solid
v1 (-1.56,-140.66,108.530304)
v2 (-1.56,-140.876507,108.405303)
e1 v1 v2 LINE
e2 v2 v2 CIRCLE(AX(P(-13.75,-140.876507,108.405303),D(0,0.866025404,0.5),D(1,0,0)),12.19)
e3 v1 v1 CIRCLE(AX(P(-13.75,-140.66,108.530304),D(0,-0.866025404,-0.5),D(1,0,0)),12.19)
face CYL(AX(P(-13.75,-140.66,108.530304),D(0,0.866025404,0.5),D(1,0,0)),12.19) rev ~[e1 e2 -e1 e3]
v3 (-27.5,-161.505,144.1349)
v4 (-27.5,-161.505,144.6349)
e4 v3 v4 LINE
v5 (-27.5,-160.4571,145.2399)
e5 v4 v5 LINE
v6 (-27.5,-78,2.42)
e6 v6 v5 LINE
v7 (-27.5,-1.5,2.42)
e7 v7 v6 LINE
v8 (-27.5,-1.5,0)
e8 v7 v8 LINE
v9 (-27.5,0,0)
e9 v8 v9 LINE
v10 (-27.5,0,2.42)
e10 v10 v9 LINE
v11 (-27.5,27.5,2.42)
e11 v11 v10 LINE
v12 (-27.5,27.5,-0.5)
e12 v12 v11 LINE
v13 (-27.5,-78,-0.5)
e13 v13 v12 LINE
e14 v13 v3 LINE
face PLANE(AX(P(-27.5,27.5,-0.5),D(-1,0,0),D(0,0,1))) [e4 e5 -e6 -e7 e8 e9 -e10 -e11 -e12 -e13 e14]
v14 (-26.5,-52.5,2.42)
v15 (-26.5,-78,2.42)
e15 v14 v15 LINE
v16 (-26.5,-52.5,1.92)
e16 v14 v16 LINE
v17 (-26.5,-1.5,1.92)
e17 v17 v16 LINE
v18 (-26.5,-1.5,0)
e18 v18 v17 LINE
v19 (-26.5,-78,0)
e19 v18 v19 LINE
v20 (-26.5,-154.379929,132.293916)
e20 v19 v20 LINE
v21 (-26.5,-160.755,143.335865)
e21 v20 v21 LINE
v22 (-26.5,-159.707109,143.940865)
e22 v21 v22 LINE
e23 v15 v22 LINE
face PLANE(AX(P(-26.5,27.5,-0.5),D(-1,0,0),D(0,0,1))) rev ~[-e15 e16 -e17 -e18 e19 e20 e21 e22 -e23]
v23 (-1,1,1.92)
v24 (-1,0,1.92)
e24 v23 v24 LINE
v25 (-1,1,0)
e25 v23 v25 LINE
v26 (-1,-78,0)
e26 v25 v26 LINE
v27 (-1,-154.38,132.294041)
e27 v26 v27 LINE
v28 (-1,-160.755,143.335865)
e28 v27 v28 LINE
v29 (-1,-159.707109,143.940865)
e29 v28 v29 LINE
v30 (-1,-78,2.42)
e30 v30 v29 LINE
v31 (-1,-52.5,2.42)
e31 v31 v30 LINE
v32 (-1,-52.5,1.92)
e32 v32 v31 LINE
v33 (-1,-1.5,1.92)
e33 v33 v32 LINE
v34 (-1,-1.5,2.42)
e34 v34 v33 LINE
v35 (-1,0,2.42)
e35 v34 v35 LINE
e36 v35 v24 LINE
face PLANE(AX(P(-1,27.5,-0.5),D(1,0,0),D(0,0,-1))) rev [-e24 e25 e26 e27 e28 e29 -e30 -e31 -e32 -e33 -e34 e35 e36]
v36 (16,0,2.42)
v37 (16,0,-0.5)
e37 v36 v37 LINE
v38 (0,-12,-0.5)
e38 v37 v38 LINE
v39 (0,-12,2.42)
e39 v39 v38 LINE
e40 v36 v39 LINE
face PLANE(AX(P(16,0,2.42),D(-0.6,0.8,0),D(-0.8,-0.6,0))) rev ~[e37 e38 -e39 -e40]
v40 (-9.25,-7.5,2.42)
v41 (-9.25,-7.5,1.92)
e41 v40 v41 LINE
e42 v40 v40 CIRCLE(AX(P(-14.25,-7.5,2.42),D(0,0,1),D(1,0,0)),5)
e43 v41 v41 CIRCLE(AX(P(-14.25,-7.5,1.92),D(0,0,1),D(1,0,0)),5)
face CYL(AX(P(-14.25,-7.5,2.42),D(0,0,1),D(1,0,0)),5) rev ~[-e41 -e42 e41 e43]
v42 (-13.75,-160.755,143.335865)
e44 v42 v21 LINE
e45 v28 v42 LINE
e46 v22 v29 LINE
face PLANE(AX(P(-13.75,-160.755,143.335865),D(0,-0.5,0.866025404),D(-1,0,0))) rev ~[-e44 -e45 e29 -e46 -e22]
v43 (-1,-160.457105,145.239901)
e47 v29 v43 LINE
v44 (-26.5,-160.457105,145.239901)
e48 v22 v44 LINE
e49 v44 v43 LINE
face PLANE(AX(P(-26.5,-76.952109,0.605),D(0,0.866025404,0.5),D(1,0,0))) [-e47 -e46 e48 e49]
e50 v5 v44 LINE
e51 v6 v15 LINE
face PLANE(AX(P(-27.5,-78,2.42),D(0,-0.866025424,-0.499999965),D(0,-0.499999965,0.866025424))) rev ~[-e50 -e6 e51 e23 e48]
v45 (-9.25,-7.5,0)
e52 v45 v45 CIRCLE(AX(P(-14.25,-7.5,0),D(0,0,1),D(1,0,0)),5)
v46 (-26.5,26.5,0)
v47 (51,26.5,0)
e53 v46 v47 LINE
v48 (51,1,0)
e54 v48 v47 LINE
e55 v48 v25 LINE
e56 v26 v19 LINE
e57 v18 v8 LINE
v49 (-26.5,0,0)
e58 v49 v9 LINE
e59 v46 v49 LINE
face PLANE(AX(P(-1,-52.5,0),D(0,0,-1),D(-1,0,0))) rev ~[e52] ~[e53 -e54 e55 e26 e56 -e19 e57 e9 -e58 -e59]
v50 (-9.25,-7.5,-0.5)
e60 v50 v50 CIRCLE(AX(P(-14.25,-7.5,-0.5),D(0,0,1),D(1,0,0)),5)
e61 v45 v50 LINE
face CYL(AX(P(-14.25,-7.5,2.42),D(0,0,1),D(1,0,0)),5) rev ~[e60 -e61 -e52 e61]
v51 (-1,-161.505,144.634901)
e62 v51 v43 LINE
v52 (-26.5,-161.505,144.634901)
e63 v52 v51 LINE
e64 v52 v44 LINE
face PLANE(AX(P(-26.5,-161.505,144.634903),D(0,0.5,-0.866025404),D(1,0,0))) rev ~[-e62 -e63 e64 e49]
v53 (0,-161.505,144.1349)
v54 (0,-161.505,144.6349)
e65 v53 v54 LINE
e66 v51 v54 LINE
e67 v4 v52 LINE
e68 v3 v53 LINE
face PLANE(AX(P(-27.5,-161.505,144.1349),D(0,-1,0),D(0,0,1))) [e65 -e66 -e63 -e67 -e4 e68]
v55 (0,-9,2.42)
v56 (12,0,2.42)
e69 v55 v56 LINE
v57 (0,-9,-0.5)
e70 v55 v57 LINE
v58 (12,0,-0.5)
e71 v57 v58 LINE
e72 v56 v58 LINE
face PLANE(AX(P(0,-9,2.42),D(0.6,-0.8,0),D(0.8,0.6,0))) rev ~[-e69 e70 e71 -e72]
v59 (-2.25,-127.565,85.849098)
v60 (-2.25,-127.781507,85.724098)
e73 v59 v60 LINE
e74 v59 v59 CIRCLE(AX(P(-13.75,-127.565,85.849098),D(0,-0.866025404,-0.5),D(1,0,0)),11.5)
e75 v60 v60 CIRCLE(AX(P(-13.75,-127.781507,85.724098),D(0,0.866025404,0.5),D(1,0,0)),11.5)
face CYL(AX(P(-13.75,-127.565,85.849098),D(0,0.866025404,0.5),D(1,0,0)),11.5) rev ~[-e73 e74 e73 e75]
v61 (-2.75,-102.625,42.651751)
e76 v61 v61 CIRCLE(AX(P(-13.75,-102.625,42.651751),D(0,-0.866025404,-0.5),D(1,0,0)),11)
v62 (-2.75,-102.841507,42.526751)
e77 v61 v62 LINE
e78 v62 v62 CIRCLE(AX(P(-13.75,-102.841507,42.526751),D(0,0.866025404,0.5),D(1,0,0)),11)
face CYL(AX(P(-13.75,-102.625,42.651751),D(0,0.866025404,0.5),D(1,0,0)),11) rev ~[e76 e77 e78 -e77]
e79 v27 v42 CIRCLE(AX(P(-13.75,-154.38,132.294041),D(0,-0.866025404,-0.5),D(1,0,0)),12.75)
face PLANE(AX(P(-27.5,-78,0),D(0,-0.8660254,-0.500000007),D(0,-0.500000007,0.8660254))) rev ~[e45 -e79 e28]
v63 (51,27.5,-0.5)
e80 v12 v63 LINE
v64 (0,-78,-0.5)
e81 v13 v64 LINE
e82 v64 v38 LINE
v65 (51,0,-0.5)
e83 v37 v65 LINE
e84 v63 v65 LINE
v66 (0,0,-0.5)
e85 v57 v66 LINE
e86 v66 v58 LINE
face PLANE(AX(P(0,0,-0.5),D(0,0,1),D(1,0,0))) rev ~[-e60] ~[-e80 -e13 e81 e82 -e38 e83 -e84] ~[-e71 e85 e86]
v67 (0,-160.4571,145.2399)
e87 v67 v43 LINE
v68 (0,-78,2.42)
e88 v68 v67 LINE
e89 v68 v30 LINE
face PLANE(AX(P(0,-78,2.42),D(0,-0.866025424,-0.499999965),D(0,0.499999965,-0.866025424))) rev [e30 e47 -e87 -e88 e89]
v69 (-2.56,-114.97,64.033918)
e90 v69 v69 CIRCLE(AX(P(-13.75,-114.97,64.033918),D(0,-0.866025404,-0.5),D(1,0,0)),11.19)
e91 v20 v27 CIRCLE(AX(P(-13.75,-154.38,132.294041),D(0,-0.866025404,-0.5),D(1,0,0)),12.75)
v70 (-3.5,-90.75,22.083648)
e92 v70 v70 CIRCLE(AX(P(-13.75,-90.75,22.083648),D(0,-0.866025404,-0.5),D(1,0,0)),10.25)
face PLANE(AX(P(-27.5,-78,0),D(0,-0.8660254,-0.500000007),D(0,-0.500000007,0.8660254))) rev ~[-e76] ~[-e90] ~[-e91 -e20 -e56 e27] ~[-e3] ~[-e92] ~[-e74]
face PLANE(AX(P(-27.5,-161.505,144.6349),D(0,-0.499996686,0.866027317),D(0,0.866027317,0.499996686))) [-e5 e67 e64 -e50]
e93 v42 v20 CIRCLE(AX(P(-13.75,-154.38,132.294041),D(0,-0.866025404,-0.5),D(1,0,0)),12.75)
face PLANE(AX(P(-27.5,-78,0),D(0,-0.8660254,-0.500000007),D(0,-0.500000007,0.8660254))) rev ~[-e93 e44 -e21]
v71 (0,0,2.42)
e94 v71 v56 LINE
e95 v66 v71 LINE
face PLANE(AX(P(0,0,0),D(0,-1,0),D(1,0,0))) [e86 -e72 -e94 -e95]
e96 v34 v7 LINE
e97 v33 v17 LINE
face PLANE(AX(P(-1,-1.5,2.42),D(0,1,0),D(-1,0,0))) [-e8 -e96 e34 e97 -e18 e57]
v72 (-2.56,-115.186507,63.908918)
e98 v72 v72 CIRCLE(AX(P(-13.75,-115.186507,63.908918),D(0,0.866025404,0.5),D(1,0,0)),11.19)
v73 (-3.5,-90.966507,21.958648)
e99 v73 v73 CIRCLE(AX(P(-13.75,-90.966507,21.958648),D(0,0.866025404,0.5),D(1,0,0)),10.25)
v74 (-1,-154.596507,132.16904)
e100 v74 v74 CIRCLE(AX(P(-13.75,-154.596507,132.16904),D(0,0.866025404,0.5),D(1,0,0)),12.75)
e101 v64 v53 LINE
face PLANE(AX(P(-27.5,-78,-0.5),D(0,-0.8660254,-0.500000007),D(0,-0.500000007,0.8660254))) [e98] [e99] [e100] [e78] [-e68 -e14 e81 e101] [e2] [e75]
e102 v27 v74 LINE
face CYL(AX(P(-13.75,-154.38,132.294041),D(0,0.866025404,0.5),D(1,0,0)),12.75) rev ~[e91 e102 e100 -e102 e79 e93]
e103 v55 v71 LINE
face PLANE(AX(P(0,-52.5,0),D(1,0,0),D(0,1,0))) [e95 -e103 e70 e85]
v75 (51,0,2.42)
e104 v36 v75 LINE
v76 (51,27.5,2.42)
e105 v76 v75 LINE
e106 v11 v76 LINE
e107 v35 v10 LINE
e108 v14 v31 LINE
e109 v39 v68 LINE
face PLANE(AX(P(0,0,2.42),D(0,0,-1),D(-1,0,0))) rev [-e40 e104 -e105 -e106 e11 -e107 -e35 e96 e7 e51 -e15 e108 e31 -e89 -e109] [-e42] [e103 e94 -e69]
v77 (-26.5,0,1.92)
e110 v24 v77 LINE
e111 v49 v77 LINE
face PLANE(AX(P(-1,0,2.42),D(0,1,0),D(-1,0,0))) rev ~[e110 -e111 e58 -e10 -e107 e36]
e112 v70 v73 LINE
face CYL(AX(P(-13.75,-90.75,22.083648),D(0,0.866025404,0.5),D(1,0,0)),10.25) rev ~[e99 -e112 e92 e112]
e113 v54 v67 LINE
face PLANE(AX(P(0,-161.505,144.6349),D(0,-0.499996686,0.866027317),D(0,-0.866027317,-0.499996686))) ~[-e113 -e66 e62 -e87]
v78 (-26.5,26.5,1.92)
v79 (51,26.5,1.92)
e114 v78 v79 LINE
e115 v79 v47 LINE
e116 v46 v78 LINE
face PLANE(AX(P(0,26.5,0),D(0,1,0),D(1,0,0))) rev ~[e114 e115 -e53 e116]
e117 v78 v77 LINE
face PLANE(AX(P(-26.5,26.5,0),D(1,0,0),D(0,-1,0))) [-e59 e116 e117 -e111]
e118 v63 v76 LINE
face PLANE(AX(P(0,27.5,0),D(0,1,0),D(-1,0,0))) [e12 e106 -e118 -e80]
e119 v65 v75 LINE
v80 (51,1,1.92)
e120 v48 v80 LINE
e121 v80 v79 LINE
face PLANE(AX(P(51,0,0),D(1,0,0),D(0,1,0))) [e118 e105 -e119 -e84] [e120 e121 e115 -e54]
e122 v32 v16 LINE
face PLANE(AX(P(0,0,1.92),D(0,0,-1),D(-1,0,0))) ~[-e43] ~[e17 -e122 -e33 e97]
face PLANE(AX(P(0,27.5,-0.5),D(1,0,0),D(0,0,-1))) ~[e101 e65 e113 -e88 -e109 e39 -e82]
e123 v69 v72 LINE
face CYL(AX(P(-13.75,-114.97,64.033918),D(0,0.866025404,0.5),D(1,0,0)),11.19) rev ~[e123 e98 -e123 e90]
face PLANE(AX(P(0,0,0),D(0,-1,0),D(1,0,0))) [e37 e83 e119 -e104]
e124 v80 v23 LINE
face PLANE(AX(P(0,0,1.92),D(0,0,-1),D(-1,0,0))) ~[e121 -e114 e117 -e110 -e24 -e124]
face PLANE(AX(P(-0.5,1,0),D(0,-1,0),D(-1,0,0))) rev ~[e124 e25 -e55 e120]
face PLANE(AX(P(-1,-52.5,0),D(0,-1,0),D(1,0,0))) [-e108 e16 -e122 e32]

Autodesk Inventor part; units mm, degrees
ref_plane "YZ Plane" through (0, 0, 0) normal (1, 0, 0) x (0, 1, 0)
sketch "Boceto1" plane through (0, 0, 0) normal (0, 0, 1) x (1, 0, 0)
  line L0 (0, 0) -> (51, 0)
  line L1 (51, 0) -> (51, 27.5)
  line L2 (51, 27.5) -> (0, 27.5)
  line L3 (-0.5, 1) -> (51, 1)
  line L4 (0, 26.5) -> (51, 26.5)
  line L5 (0, 27.5) -> (-27.5, 27.5)
  line L6 (-27.5, 27.5) -> (-27.5, -52.5)
  line L7 (-27.5, -52.5) -> (0, -52.5)
  line L8 (0, -52.5) -> (0, 0)
  line L9 (0, 26.5) -> (-26.5, 26.5)
  line L10 (-0.5, 1) -> (-1, 1)
  line L11 (-1, 1) -> (-1, -52.5)
  line L12 (-26.5, 26.5) -> (-26.5, -52.5)
  dimension "d0" = 51
  dimension "d1" = 27.5
  dimension "d2" = 1
  dimension "d3" = 1
  dimension "d4" = 27.5
  dimension "d5" = 0.5
  dimension "d6" = 1
  dimension "d7" = 1
  dimension "d8" = 80
extrude "Extrusión1" add sketch "Boceto1" against normal blind 0.5
extrude "Extrusión2" add sketch "Boceto1" along normal blind 0.96 contours L8 L7 L11 L10 L3 L1 L0 | L4 L9 L12 L7 L6 L5 L2 L1
ref_plane "Plano de trabajo1" through (-26.5, -52.5, 0.96) normal (0, 0, 1) x (0, 1, 0)
mirror "Simetría1" about plane through (-26.5, -52.5, 0.96) normal (0, 0, 1) of "Extrusión1", "Extrusión2"
sketch "Boceto2" plane through (-27.5, 27.5, 2.42) normal (0, 0, 1) x (1, 0, 0)
  line L0 (26.5, -80) -> (26.5, -26.5) projected
  line L1 (78.5, -27.5) -> (27.5, -27.5) projected
  line L2 (26.5, -27.5) -> (0, -27.5)
  line L3 (0, -80) -> (0, 0) projected
  line L4 (27.5, -27.5) -> (27.5, -80) projected
  line L5 (26.5, -29) -> (0, -29)
  line L6 (0, -29) -> (0, -27.5)
  line L7 (26.5, -29) -> (26.5, -27.5)
  line L8 (26.5, -80) -> (26.5, -26.5) projected
  line L9 (27.5, -27.5) -> (39.5, -27.5)
  line L10 (27.5, -27.5) -> (27.5, -36.5)
  line L11 (27.5, -36.5) -> (39.5, -27.5)
  line L12 (39.5, -27.5) -> (43.5, -27.5)
  line L13 (43.5, -27.5) -> (27.5, -39.5)
  line L14 (27.5, -39.5) -> (27.5, -36.5)
  circle A0 centre (13.25, -35) radius 5
  dimension "d13" = 1.5
  dimension "d16" = 12
  dimension "d17" = 9
  dimension "d18" = 4
  dimension "d19" = 20
  dimension "d59" = 10
  dimension "d61" = 6
extrude "Extrusión3" cut sketch "Boceto2" against normal blind 2.42 contours L5 L3 L2 L0
extrude "Extrusión4" add sketch "Boceto2" against normal blind 2.92 contours L13 L4 L11 L1
sketch "Boceto3" plane through (-27.5, -52.5, -0.5) normal (0, -1, 0) x (1, 0, 0)
  line L0 (0, 0) -> (78.5, 0) projected
  line L1 (78.5, 0.5) -> (1, 0.5) projected
  line L2 (39.5, 2.92) -> (27.5, 2.92) projected
  line L3 (0, 2.92) -> (0, 0)
  line L4 (27.5, 0) -> (27.5, 2.92) projected
  line L5 (0, 0) -> (27.5, 0)
  line L6 (27.5, 0) -> (27.5, 2.92)
  line L7 (0, 2.92) -> (26.5, 2.92) projected
  line L8 (27.5, 2.92) -> (26.5, 2.92)
  line L9 (26.5, 0.5) -> (26.5, 2.42) projected
  line L10 (26.5, 2.92) -> (26.5, 0.5)
  line L11 (26.5, 0.5) -> (1, 0.5)
  line L12 (1, 0.5) -> (1, 2.42) projected
  line L13 (1, 0.5) -> (1, 2.92)
  line L14 (1, 2.92) -> (0, 2.92)
extrude "Extrusión5" add sketch "Boceto3" along normal blind 25.5 contours L3 L7 L13 L12 L1 L4 L0 | L1 L9 L10 L8 L4
sketch "Boceto4" plane through (-27.5, 27.5, -0.5) normal (-1, 0, 0) x (0, 0, 1)
  line L0 (2.92, -105.5) -> (0, -105.5) projected
  line L1 (0.5, -29) -> (0.5, -105.5) projected
  line L2 (0, 0) -> (0, -105.5) projected
  line L3 (0.5, -105.5) -> (0, -105.5)
  line L4 (0, -39.5) -> (0, -105.5) projected
  line L5 (0, -105.5) -> (144.6349, -189.005)
  line L6 (2.92, -105.5) -> (0.5, -105.5) projected
  line L7 (0.5, -105.5) -> (145.1349, -189.005)
  line L8 (2.92, -39.5) -> (2.92, -105.5) projected
  line L9 (0.5, -105.5) -> (2.92, -105.5)
  line L10 (2.92, -105.5) -> (145.7399, -187.9571)
  line L11 (144.6349, -189.005) -> (145.1349, -189.005)
  line L12 (145.1349, -189.005) -> (145.7399, -187.9571)
  point P0 (0.5, -27.5)
  dimension "d26" = 30
extrude "Extrusión6" add sketch "Boceto4" against normal blind 27.5 contours L7 L11 L5 L0
ref_plane "Plano de trabajo2" through (-13.75, 27.5, -0.5) normal (-1, 0, 0) x (0, 0, 1)
extrude "Extrusión7" add sketch "Boceto4" against normal blind 1 contours L10 L12 L7 L0
mirror "Simetría2" about plane through (-13.75, 27.5, -0.5) normal (-1, 0, 0) of "Extrusión7"
sketch "Boceto5" plane through (-26.5, -78, 0) normal (0, 0.866, 0.5) x (1, 0, 0)
  line L0 (0, 0) -> (0, -167.01) projected
  line L1 (25.5, -167.01) -> (25.5, 0) projected
  line L2 (25.5, 0) -> (0, 0) projected
  line L3 (0, 0) -> (0, -167.01) projected
  line L4 (0, -167.01) -> (25.5, -167.01) projected
  line L5 (12.75, 0) -> (38.25, 0) construction
  circle A0 centre (12.75, -25.5) radius 10.25
  line L6 (12.75, -35.75) -> (12.75, -38.25)
  circle A1 centre (12.75, -49.25) radius 11
  line L7 (12.75, -38.25) -> (23.75, -38.25) construction
  line L8 (12.75, -60.25) -> (12.75, -62.75)
  circle A2 centre (12.75, -73.94) radius 11.19
  line L9 (12.75, -85.13) -> (12.75, -87.63)
  circle A3 centre (12.75, -99.13) radius 11.5
  line L10 (12.75, -110.63) -> (12.75, -113.13)
  circle A4 centre (12.75, -125.32) radius 12.19
  line L11 (12.75, -113.13) -> (24.94, -113.13) construction
  line L12 (12.75, -137.51) -> (12.75, -140.01)
  circle A5 centre (12.75, -152.76) radius 12.75
  line L13 (12.75, -15.25) -> (12.75, 0)
  line L14 (0, -167.01) -> (25.5, -167.01) projected
  line L15 (25.5, -167.01) -> (25.5, 0) projected
  line L16 (0, -167.01) -> (25.5, -167.01)
  line L17 (25.5, -167.01) -> (25.5, -165.51)
  line L18 (25.5, -165.51) -> (0, -165.51)
  line L19 (0, -165.51) -> (0, -167.01)
  point P0 (26.5, 39)
  dimension "d37" = 22
  dimension "d41" = 22.38
  dimension "d45" = 23
  dimension "d48" = 24.38
  dimension "d35" = 20.5
  dimension "d36" = 2.5
  dimension "d40" = 2.5
  dimension "d44" = 2.5
  dimension "d47" = 2.5
  dimension "d51" = 2.5
  dimension "d53" = 25.5
extrude "Extrusión8" cut sketch "Boceto5" against normal through all contours A5 | A4 | A0 | A3 | A1 | A2
extrude "Extrusión9" add sketch "Boceto5" along normal blind 1.21 contours L18 L1 L4 L0
extrude "Extrusión10" cut sketch "Boceto2" against normal through all contours A0
equation "\"d59\" = sensor"
equation "\"d37\" = cincuentacen"
equation "\"d41\" = dossol"
equation "\"d45\" = veintecen"
equation "\"d48\" = cincosol"
equation "\"d35\" = diezcen"
equation "\"d53\" = UnSol"
equation "\"UnSol\" = 25.5"
equation "\"diezcen\" = 20.5"
equation "\"veintecen\" = 23"
equation "\"cincuentacen\" = 22"
equation "\"dossol\" = 22.38"
equation "\"cincosol\" = 24.38"
equation "\"sensor\" = 10"
properties part number "Maquinita"
